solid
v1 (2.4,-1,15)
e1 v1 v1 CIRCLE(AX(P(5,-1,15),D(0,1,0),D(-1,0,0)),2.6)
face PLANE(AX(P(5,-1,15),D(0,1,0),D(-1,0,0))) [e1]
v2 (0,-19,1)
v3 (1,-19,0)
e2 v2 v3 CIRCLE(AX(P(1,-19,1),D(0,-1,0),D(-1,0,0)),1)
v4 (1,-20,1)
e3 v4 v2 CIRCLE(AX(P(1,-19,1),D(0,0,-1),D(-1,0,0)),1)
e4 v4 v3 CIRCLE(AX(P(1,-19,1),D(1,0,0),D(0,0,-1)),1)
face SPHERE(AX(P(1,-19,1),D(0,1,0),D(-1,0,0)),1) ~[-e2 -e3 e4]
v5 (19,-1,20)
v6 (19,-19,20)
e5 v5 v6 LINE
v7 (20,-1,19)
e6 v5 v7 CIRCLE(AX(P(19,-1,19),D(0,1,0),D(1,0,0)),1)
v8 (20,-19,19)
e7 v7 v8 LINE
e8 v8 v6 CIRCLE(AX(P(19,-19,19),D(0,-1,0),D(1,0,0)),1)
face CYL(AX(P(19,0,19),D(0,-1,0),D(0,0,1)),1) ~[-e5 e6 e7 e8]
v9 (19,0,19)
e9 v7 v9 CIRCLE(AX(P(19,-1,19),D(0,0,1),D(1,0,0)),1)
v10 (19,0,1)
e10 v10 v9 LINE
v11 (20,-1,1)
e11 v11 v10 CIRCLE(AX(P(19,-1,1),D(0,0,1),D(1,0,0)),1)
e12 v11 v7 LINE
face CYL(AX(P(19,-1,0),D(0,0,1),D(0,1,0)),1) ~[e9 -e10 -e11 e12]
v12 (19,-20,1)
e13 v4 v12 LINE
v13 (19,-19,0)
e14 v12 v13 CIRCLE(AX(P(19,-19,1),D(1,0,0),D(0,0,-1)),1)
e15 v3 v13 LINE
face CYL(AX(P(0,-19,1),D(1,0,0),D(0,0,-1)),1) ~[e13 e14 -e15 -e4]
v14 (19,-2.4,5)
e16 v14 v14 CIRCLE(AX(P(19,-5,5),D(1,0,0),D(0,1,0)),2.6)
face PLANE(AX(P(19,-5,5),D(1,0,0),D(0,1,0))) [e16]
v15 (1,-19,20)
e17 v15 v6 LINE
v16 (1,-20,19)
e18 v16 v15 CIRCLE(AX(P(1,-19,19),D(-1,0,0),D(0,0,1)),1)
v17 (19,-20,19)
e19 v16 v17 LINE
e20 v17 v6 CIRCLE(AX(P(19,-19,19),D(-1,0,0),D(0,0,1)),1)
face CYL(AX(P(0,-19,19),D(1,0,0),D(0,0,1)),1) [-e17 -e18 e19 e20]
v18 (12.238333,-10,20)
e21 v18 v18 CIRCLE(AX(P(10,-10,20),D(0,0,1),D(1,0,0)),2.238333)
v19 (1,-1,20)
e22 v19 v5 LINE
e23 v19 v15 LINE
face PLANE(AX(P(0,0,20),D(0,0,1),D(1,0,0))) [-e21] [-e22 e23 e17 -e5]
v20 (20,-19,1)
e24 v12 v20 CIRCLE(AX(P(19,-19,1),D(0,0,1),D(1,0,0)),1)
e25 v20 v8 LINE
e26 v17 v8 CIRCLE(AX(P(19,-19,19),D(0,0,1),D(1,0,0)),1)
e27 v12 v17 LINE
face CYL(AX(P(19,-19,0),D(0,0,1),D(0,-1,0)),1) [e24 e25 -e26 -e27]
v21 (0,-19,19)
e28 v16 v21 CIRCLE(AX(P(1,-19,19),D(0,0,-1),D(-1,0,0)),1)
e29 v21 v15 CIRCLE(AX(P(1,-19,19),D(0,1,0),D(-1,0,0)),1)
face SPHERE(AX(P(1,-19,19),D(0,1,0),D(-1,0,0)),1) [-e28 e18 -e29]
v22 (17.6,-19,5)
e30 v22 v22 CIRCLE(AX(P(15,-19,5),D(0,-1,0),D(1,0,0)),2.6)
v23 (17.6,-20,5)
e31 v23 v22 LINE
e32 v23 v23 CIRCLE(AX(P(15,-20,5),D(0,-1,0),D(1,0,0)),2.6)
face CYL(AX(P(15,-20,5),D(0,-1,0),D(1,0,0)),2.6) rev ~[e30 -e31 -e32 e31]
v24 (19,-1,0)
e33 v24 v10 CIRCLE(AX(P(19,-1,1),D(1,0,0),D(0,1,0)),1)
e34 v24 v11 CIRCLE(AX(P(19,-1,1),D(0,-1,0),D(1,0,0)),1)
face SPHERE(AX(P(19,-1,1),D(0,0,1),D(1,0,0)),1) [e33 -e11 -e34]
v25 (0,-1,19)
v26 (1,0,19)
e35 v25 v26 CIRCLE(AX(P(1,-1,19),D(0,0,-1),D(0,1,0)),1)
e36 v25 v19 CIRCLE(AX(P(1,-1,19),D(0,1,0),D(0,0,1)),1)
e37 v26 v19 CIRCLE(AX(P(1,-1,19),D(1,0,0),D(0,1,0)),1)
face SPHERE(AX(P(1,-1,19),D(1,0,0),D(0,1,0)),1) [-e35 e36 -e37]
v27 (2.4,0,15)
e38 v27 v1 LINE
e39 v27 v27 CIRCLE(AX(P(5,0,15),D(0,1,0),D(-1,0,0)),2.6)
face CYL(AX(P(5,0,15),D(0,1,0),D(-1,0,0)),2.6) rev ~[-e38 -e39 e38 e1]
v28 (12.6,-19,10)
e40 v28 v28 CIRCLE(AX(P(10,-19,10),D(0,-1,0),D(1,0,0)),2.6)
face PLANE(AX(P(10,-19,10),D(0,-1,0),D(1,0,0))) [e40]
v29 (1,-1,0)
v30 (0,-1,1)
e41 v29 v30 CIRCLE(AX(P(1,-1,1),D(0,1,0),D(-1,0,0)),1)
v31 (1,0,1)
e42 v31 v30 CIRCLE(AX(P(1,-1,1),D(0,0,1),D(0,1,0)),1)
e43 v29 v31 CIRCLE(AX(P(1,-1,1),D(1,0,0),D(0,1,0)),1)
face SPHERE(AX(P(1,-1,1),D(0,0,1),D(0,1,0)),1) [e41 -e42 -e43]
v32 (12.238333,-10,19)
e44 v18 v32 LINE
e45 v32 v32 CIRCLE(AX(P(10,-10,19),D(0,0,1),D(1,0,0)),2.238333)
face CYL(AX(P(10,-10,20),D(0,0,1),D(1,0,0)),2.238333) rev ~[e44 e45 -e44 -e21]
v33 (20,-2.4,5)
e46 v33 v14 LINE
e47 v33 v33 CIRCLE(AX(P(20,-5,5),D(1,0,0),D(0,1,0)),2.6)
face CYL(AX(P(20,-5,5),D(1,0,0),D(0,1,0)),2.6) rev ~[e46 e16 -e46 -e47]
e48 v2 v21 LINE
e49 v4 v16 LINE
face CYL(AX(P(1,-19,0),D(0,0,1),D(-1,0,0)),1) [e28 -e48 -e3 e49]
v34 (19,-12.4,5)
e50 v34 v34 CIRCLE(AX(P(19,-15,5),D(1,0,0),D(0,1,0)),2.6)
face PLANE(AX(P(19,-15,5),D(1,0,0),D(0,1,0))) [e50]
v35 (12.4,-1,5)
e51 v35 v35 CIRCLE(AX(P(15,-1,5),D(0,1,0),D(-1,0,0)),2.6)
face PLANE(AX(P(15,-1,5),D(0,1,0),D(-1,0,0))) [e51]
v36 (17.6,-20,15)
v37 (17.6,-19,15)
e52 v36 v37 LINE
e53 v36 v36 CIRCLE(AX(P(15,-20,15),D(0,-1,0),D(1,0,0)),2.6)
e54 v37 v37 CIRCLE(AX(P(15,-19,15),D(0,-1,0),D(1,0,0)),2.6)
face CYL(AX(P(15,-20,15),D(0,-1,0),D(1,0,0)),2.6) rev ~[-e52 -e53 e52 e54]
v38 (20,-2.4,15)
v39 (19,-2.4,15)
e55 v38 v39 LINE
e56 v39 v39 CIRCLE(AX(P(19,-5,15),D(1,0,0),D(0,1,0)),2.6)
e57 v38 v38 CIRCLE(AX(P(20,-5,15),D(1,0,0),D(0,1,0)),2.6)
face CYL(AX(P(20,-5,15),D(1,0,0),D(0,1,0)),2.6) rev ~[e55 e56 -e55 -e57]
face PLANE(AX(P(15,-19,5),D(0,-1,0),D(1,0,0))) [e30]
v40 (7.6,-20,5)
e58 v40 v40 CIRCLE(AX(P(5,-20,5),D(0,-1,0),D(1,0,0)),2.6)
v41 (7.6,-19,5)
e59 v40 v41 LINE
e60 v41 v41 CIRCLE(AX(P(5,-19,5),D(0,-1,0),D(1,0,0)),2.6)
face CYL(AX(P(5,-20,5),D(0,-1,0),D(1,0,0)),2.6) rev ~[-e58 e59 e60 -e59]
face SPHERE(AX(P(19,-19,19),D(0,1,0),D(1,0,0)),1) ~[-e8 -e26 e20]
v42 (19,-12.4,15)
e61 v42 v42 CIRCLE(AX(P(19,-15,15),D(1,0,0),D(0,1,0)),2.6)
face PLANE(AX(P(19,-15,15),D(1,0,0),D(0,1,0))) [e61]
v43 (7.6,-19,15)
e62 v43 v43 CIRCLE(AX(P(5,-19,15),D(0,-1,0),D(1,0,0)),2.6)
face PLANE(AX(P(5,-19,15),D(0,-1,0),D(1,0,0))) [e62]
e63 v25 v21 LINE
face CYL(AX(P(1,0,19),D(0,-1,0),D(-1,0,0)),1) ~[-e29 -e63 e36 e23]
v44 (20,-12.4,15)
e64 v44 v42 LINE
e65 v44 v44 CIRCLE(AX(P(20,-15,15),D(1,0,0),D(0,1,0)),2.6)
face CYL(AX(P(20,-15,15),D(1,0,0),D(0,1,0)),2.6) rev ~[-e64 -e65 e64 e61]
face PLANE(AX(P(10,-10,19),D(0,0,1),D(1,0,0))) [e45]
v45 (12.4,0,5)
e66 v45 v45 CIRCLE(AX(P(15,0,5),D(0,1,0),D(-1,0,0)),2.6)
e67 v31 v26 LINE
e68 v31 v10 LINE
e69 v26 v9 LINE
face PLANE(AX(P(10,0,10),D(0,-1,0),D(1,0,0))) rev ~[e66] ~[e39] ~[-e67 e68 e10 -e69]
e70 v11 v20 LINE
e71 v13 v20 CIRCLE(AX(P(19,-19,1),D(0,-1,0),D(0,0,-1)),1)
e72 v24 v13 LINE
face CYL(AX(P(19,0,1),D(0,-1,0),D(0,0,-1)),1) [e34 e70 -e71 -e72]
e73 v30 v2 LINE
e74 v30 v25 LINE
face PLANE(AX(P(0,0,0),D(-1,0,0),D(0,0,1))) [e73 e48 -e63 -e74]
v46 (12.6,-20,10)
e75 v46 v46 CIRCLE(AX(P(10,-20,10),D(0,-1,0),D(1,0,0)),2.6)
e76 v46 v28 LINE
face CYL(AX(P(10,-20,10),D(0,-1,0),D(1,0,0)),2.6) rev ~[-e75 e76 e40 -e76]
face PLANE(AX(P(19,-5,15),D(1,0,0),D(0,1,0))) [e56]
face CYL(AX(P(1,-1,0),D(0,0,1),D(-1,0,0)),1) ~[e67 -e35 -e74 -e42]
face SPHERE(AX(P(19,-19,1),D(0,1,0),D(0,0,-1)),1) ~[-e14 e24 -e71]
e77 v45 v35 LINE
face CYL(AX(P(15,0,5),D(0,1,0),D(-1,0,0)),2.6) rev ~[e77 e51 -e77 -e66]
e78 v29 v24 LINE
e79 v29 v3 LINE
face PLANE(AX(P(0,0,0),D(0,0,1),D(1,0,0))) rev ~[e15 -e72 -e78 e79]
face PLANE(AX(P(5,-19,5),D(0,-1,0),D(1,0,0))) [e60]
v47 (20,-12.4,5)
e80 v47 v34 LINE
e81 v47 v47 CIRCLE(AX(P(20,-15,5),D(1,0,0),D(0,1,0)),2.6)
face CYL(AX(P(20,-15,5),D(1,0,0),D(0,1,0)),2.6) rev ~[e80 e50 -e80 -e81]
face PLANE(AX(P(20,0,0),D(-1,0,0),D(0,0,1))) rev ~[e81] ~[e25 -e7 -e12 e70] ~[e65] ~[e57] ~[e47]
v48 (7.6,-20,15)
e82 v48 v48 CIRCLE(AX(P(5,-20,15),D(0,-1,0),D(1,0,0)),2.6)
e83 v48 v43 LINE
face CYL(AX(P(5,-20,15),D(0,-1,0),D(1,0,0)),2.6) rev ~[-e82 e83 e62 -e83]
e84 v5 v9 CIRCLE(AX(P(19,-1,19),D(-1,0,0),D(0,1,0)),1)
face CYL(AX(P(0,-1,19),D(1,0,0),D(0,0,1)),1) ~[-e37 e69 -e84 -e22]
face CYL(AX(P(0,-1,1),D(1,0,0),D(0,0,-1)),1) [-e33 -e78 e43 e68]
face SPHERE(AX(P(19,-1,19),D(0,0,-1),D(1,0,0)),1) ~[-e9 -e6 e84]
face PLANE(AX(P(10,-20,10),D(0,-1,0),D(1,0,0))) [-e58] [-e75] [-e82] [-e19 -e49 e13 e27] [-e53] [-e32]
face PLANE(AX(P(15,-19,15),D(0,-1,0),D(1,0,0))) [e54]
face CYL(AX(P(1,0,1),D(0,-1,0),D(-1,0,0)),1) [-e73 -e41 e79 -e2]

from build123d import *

# Parameters (mm, degrees)
F0_W     = 20
F0_H     = 20
F1_DEPTH = 20
F2_R     = 2.6
F3_DEPTH = 1
F4_R     = 2.6
F5_DEPTH = 1
F6_R     = 2.238333
F7_DEPTH = 1
F8_R     = 2.6
F9_DEPTH = 1
F10_R    = 1


with BuildPart() as f1:
    # F0 (on Front) → F1 (new body)
    with BuildSketch(Plane.XZ):
        with Locations((10, 10)):
            Rectangle(F0_W, F0_H)
    extrude(amount=F1_DEPTH)

    # F2 (on face) → F3 (cut)
    with BuildSketch(Plane.XZ.offset(20)):
        with Locations((10, 10)):
            Circle(F2_R)
        with Locations((5, 15)):
            Circle(F2_R)
        with Locations((15, 5)):
            Circle(F2_R)
        with Locations((15, 15)):
            Circle(F2_R)
        with Locations((5, 5)):
            Circle(F2_R)
    extrude(amount=-F3_DEPTH, mode=Mode.SUBTRACT)

    # F4 (on face) → F5 (cut)
    with BuildSketch(Plane(origin=(0, 0, 0), x_dir=(-1, 0, 0), z_dir=(0, 1, 0))):
        with Locations((-5, 15)):
            Circle(F4_R)
        with Locations((-15, 5)):
            Circle(F4_R)
    extrude(amount=-F5_DEPTH, mode=Mode.SUBTRACT)

    # F6 (on face) → F7 (cut)
    with BuildSketch(Plane.XY.offset(20)):
        with Locations((10, -10)):
            Circle(F6_R)
    extrude(amount=-F7_DEPTH, mode=Mode.SUBTRACT)

    # F8 (on face) → F9 (cut)
    with BuildSketch(Plane.YZ.offset(20)):
        with Locations((-15, 5)):
            Circle(F8_R)
        with Locations((-15, 15)):
            Circle(F8_R)
        with Locations((-5, 15)):
            Circle(F8_R)
        with Locations((-5, 5)):
            Circle(F8_R)
    extrude(amount=-F9_DEPTH, mode=Mode.SUBTRACT)

    # F10
    f10_edges = [f1.edges().sort_by_distance(p)[0] for p in [
        (20, 0, 10),
        (20, -10, 20),
        (10, 0, 20),
        (0, 0, 10),
        (0, -10, 20),
        (20, -10, 0),
        (10, 0, 0),
        (0, -10, 0),
        (0, -20, 10),
        (10, -20, 0),
        (20, -20, 10),
        (10, -20, 20),
    ]]
    fillet(f10_edges, radius=F10_R)


solid = f1.part
